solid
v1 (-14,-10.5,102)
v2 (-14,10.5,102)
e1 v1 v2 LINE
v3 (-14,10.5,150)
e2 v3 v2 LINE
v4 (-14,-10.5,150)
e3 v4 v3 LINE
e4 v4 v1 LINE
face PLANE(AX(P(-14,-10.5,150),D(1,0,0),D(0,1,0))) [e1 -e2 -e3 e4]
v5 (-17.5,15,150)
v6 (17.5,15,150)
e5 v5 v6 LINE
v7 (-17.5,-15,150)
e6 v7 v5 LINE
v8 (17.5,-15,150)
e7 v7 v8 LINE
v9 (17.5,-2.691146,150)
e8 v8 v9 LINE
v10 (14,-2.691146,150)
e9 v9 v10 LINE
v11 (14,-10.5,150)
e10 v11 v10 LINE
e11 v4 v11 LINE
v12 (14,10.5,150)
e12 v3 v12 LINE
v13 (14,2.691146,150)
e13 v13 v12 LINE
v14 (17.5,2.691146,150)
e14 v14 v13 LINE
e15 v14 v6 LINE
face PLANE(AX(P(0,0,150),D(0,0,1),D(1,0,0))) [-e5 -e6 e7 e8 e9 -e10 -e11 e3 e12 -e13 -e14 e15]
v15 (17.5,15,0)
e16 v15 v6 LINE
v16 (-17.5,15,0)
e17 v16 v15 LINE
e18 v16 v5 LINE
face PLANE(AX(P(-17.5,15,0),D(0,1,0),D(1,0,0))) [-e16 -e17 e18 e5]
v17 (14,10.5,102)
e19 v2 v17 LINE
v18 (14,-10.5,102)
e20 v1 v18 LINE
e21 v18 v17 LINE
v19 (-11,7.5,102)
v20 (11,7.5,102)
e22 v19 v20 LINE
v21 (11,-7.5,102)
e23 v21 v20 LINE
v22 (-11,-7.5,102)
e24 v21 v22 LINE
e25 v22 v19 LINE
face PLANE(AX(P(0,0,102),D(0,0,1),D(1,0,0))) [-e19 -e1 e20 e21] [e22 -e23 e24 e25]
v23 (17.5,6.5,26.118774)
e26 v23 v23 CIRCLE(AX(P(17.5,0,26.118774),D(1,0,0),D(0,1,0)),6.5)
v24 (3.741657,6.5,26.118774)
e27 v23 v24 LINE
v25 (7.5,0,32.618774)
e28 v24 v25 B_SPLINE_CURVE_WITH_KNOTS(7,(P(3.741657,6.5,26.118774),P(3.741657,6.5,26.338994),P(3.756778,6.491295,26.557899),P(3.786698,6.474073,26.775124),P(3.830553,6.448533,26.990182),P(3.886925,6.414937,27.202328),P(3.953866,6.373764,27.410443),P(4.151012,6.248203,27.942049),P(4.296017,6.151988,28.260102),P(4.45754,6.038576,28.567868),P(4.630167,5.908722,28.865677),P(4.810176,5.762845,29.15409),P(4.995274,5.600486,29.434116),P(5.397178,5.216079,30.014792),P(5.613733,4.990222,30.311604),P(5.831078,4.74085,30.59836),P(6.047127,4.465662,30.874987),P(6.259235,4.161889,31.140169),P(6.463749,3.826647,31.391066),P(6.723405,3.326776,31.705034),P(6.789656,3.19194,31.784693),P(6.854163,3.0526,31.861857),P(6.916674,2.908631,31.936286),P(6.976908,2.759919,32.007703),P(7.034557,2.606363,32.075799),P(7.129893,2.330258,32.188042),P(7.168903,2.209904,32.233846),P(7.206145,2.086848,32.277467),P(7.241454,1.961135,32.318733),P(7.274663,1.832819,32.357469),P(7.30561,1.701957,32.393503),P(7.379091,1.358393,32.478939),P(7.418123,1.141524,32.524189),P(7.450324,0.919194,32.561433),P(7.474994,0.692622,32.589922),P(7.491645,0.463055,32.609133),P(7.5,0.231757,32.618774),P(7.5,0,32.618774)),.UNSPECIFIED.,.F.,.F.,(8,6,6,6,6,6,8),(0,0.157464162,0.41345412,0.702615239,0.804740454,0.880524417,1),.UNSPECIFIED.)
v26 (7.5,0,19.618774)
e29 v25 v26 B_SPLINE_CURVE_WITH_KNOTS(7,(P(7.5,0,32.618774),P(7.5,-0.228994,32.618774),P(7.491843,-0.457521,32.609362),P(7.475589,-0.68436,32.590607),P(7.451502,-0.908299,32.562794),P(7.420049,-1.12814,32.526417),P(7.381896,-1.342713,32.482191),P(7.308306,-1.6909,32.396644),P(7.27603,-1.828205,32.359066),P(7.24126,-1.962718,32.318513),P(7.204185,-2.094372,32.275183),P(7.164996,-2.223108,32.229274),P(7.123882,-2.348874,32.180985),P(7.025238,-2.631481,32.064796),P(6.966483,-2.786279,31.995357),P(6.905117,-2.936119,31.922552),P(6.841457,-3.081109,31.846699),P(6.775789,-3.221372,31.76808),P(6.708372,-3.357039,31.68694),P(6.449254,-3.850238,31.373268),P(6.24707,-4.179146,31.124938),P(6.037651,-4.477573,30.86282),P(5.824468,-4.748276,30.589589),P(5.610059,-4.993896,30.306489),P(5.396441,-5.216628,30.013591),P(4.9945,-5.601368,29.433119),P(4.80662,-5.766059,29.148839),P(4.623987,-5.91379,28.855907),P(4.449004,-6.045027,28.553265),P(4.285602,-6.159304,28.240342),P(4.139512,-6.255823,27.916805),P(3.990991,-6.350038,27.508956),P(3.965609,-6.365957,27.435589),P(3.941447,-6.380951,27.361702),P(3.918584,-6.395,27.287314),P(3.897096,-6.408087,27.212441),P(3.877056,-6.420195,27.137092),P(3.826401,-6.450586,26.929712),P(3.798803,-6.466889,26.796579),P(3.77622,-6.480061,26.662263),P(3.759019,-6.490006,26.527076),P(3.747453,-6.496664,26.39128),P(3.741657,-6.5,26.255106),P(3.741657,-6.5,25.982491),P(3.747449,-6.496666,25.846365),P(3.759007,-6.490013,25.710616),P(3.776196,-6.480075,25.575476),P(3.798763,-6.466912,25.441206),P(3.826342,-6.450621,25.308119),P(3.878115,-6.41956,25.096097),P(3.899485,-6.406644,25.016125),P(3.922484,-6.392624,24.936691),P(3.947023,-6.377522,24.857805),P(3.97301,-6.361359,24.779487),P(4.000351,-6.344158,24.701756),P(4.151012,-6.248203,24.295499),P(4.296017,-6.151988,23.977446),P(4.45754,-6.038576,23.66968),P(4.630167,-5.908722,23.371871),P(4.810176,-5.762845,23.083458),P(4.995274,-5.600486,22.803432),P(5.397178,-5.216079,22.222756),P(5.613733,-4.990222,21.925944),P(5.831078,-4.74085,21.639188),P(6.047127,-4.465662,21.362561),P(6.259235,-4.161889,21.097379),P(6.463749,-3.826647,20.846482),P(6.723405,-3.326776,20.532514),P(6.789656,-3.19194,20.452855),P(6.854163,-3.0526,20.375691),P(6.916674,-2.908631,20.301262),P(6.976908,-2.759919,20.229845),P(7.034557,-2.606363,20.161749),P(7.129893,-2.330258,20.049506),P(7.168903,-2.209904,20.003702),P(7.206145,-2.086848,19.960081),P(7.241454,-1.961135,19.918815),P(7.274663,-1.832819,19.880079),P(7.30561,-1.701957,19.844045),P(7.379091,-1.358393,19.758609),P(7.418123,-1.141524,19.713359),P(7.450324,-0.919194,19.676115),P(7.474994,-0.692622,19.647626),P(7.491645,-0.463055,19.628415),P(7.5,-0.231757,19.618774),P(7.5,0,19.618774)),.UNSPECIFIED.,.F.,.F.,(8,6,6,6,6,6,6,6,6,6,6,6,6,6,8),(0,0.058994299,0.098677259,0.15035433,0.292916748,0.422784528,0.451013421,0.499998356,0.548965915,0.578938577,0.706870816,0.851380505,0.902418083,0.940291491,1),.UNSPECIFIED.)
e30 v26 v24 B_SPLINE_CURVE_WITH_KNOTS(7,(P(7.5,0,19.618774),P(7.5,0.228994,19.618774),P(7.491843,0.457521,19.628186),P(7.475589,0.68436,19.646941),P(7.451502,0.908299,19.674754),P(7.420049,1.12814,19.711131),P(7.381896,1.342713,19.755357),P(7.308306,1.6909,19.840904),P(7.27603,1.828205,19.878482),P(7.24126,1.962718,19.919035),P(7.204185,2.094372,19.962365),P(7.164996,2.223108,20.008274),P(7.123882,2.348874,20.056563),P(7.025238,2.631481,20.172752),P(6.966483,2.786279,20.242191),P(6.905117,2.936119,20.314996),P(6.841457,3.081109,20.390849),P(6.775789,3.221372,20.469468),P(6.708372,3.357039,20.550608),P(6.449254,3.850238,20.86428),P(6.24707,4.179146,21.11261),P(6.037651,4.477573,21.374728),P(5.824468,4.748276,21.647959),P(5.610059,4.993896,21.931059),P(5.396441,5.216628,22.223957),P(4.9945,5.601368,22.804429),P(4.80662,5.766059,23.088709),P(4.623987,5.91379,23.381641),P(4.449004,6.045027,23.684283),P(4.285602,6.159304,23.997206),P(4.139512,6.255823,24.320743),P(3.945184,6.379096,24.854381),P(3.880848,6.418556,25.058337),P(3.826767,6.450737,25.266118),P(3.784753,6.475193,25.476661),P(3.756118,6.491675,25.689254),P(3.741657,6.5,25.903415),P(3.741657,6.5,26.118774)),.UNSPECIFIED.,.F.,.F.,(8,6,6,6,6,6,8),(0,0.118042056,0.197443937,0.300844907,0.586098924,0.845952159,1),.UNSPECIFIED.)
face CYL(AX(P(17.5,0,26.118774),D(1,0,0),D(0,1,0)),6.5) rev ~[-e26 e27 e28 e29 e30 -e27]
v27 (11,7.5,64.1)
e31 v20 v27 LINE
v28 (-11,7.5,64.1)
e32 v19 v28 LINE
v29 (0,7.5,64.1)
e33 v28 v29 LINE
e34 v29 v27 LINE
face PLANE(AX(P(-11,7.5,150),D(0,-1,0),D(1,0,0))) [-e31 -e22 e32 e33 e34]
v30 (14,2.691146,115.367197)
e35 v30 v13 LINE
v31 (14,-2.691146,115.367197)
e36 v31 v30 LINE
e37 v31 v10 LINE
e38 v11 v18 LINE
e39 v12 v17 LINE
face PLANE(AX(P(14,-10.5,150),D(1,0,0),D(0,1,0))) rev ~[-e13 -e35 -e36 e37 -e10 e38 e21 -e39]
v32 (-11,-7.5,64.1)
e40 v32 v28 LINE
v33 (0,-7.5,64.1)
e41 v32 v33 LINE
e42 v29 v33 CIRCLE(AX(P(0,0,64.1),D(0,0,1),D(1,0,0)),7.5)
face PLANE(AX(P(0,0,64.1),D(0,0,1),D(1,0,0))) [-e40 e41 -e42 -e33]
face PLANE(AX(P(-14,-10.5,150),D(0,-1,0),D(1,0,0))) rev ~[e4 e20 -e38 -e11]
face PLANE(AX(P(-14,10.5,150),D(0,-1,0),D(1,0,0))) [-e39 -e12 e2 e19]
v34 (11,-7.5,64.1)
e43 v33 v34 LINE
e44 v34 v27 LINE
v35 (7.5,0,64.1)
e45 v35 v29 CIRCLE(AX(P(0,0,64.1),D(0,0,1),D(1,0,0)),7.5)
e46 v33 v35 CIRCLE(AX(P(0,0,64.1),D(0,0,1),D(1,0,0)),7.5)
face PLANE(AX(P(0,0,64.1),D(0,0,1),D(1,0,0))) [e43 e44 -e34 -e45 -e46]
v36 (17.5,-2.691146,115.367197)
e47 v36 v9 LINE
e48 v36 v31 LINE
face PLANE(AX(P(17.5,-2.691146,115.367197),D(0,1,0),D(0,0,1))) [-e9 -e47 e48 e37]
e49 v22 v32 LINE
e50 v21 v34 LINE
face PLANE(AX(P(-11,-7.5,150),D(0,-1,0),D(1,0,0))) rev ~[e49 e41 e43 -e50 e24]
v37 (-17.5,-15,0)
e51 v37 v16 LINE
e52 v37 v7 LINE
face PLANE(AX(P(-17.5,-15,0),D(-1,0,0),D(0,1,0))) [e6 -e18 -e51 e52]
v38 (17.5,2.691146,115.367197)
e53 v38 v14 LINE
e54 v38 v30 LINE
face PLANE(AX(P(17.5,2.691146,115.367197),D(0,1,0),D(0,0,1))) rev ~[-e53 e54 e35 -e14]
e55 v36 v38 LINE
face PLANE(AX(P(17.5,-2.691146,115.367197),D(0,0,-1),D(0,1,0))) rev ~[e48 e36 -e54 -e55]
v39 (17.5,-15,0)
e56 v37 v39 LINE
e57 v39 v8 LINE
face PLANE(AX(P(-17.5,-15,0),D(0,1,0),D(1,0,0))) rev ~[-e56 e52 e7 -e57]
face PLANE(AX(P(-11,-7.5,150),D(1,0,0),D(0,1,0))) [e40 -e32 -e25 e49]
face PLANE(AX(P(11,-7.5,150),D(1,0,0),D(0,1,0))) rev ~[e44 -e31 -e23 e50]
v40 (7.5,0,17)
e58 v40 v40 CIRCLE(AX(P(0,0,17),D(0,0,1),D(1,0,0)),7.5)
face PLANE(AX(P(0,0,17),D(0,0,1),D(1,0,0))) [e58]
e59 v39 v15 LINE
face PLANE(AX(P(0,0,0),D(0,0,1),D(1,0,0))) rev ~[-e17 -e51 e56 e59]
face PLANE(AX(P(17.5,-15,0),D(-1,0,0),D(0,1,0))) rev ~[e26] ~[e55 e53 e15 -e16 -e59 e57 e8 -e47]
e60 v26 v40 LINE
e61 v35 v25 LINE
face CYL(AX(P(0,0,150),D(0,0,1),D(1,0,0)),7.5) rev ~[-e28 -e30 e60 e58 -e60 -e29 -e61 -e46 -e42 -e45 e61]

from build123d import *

# Parameters (mm, degrees)
F0_W      = 35
F0_H      = 30
F1_DEPTH  = 150
F2_W      = 28
F2_H      = 21
F3_DEPTH  = 48
F4_W      = 22
F4_H      = 15
F5_DEPTH  = 85.9
F6_R      = 6.5
F7_DEPTH  = 15
F9_W      = 5.382292
F9_H      = 69.969817
F10_DEPTH = 5
F11_R     = 7.5
F12_DEPTH = 133


with BuildPart() as f1:
    # F0 (on Top) → F1 (new body)
    with BuildSketch(Plane.XY):
        Rectangle(F0_W, F0_H)
    extrude(amount=F1_DEPTH)

    # F2 (on face) → F3 (cut)
    with BuildSketch(Plane.XY.offset(150)):
        Rectangle(F2_W, F2_H)
    extrude(amount=-F3_DEPTH, mode=Mode.SUBTRACT)

    # F4 (on face) → F5 (cut)
    with BuildSketch(Plane.XY.offset(150)):
        Rectangle(F4_W, F4_H)
    extrude(amount=-F5_DEPTH, mode=Mode.SUBTRACT)

    # F6 (on face) → F7 (cut)
    with BuildSketch(Plane.YZ.offset(17.5)):
        with Locations((0, 26.118774)):
            Circle(F6_R)
    extrude(amount=-F7_DEPTH, mode=Mode.SUBTRACT)

    # F9 (on face) → F10 (cut)
    with BuildSketch(Plane.YZ.offset(17.5)):
        with Locations((0, 150.352105)):
            Rectangle(F9_W, F9_H)
    extrude(amount=-F10_DEPTH, mode=Mode.SUBTRACT)

    # F11 (on face) → F12 (cut)
    with BuildSketch(Plane.XY.offset(150)):
        Circle(F11_R)
    extrude(amount=-F12_DEPTH, mode=Mode.SUBTRACT)


solid = f1.part
